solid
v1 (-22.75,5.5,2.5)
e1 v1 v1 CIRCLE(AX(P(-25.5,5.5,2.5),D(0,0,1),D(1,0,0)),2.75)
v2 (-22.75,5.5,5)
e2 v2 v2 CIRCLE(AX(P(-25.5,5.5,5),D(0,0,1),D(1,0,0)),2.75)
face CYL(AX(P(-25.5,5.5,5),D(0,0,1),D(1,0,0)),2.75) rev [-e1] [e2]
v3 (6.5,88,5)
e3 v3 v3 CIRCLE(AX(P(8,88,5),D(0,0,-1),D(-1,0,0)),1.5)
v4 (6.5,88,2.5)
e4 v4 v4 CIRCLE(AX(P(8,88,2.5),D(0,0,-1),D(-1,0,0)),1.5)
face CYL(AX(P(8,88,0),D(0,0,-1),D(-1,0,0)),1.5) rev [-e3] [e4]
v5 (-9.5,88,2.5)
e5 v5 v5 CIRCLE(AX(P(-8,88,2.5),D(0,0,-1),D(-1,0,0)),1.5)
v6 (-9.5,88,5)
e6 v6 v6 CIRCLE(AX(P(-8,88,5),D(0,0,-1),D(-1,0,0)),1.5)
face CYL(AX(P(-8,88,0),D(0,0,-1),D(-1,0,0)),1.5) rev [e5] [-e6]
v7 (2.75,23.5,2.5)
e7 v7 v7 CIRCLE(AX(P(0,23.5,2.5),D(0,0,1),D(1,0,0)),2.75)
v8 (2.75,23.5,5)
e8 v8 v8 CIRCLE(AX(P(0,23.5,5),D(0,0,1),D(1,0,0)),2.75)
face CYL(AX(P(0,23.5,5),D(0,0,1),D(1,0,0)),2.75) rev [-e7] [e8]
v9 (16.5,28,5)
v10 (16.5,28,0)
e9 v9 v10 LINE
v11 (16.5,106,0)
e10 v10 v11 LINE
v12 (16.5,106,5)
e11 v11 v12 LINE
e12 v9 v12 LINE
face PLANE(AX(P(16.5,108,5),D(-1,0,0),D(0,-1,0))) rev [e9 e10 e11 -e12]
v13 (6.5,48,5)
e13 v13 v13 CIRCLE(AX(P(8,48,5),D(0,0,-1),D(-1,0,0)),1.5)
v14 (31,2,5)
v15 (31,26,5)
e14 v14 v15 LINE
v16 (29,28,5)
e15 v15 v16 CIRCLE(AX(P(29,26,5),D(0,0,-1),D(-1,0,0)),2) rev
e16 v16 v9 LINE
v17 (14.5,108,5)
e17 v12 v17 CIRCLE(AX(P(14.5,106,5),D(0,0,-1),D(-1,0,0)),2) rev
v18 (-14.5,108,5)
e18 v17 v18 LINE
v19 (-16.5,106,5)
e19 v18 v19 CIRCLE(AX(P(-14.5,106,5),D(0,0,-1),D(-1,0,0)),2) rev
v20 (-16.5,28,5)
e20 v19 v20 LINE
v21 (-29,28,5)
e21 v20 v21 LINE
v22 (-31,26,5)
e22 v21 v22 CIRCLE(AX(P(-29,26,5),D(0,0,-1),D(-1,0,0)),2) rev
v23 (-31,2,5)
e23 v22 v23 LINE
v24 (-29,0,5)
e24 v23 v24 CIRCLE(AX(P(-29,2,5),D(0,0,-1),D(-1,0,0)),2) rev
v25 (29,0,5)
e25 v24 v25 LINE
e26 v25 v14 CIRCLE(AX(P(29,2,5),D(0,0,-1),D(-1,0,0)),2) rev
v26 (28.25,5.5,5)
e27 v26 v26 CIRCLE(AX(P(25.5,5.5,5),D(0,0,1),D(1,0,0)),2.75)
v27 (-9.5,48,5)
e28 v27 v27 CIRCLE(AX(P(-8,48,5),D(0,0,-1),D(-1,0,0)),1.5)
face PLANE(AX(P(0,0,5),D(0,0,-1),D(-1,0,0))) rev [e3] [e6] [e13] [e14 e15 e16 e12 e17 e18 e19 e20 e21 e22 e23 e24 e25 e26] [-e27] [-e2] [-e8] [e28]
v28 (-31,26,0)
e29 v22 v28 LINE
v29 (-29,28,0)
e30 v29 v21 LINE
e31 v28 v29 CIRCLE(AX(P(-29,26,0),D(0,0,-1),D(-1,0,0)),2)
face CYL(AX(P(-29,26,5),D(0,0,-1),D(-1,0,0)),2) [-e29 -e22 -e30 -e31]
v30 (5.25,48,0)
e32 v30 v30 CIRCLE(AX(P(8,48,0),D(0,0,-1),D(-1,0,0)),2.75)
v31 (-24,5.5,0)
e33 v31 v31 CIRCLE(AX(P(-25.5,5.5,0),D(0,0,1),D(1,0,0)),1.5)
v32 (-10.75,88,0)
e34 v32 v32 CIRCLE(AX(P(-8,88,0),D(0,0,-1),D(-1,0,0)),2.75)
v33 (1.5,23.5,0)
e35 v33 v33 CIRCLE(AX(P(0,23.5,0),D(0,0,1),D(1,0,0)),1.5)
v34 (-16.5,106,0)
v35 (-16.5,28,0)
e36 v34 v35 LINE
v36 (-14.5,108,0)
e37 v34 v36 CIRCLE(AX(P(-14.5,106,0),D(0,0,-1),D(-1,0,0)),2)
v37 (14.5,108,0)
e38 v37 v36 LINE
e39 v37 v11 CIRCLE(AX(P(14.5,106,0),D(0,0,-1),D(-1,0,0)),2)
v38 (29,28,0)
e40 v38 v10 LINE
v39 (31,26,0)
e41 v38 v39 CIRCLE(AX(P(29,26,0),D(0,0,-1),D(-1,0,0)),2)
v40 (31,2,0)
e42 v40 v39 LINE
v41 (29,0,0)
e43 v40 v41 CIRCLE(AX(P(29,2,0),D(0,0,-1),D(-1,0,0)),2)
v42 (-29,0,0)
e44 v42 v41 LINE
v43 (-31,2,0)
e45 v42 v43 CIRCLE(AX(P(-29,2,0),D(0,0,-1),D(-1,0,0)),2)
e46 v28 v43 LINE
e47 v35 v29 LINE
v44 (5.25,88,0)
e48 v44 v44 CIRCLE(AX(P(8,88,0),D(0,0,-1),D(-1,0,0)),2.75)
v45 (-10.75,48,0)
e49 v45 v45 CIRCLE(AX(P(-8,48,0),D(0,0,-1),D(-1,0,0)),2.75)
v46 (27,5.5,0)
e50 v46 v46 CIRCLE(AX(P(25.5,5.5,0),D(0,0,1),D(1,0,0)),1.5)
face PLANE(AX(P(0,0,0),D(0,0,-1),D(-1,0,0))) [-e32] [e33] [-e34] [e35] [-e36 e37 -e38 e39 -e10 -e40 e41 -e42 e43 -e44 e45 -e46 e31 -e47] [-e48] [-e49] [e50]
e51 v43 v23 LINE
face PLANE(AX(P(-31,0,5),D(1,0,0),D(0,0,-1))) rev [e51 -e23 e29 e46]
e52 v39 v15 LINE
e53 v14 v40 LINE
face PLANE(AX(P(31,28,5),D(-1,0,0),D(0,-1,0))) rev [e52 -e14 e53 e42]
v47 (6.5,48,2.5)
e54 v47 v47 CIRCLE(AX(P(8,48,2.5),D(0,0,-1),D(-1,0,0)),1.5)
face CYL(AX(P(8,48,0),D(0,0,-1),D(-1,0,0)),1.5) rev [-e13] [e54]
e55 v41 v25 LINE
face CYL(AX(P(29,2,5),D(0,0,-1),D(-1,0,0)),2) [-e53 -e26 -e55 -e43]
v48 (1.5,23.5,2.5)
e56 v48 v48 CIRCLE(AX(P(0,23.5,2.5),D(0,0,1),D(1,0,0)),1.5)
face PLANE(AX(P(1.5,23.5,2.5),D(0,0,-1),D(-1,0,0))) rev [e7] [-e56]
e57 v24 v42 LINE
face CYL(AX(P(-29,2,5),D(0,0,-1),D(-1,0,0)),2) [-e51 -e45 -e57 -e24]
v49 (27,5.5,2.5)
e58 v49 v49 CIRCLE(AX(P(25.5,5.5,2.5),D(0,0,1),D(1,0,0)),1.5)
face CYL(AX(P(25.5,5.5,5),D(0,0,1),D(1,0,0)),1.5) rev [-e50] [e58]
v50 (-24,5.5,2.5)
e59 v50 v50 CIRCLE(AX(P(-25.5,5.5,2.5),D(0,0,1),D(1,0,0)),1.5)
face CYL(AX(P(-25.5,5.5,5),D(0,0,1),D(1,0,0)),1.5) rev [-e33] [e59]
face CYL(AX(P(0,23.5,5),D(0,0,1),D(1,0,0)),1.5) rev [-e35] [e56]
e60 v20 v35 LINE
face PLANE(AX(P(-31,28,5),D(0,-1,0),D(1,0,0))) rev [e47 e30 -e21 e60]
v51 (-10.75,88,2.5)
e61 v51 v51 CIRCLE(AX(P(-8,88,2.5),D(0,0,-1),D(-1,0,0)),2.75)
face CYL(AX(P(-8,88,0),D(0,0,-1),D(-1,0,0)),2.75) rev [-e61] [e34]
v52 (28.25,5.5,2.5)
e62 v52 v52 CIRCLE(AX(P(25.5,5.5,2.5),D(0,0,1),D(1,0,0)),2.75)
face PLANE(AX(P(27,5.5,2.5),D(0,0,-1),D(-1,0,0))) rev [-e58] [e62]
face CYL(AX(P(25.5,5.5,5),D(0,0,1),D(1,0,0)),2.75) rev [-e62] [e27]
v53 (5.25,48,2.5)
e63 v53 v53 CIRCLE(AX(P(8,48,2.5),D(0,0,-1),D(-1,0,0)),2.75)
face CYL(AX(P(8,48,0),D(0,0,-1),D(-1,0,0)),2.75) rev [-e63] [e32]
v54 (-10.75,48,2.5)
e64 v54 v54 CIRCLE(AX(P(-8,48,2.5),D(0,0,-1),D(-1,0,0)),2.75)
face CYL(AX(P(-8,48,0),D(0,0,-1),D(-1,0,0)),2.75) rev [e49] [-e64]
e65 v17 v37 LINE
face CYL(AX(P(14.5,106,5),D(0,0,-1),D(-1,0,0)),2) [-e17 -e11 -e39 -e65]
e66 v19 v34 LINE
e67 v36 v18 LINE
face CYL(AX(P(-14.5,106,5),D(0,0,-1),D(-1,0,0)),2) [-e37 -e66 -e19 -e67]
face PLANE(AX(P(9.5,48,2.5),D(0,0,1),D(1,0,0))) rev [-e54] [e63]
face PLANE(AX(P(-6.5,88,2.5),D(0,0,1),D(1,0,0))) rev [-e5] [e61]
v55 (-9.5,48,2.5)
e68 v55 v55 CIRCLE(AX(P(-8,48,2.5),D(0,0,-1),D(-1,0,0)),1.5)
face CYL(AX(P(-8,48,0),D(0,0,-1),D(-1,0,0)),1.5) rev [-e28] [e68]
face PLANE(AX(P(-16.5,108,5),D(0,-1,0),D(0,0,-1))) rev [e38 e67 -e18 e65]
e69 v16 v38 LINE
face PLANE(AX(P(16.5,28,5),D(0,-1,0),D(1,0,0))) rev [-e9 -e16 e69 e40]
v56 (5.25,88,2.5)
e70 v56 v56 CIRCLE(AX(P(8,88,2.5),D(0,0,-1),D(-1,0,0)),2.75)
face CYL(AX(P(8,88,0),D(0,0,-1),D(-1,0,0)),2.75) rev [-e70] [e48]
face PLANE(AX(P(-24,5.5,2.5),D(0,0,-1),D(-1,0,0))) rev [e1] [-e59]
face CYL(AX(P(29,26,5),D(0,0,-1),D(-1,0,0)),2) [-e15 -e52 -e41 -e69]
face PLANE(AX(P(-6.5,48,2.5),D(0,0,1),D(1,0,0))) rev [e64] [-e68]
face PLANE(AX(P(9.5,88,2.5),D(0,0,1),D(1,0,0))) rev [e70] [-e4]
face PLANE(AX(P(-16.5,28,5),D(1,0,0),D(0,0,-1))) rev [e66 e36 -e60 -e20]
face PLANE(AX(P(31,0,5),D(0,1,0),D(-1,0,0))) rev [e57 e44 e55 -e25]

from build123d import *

# Parameters (mm, degrees)
BOSS_EXTRUDE1_DEPTH = 5
HOLE1_D             = 3
HOLE1_CBORE_D       = 5.5
HOLE1_CBORE_DEPTH   = 2.5
HOLE2_D             = 3
HOLE2_CBORE_D       = 5.5
HOLE2_CBORE_DEPTH   = 2.5
FILLET1_R           = 2


with BuildPart() as part:
    # Sketch2 → Boss-Extrude1 (new body)
    with BuildSketch(Plane.XY):
        Polygon((-31, 0), (-31, 28), (-16.5, 28), (-16.5, 108), (16.5, 108), (16.5, 28), (31, 28), (31, 0), align=None)
    extrude(amount=BOSS_EXTRUDE1_DEPTH)

    # Hole1 (through all)
    with Locations(Plane.XY.offset(5)):
        with Locations((-25.5, 5.5), (25.5, 5.5), (0, 23.5)):
            CounterBoreHole(HOLE1_D / 2, HOLE1_CBORE_D / 2, HOLE1_CBORE_DEPTH)

    # Hole2 (through all)
    with Locations(Plane(origin=(0, 0, 0), x_dir=(1, 0, 0), z_dir=(0, 0, -1))):
        with Locations((8, -48), (-8, -48), (-8, -88), (8, -88)):
            CounterBoreHole(HOLE2_D / 2, HOLE2_CBORE_D / 2, HOLE2_CBORE_DEPTH)

    # Fillet1
    fillet1_edges = [part.edges().sort_by_distance(p)[0] for p in [
        (-31, 0, 2.5),
        (-31, 28, 2.5),
        (-16.5, 108, 2.5),
        (16.5, 108, 2.5),
        (31, 28, 2.5),
        (31, 0, 2.5),
    ]]
    fillet(fillet1_edges, radius=FILLET1_R)


solid = part.part
